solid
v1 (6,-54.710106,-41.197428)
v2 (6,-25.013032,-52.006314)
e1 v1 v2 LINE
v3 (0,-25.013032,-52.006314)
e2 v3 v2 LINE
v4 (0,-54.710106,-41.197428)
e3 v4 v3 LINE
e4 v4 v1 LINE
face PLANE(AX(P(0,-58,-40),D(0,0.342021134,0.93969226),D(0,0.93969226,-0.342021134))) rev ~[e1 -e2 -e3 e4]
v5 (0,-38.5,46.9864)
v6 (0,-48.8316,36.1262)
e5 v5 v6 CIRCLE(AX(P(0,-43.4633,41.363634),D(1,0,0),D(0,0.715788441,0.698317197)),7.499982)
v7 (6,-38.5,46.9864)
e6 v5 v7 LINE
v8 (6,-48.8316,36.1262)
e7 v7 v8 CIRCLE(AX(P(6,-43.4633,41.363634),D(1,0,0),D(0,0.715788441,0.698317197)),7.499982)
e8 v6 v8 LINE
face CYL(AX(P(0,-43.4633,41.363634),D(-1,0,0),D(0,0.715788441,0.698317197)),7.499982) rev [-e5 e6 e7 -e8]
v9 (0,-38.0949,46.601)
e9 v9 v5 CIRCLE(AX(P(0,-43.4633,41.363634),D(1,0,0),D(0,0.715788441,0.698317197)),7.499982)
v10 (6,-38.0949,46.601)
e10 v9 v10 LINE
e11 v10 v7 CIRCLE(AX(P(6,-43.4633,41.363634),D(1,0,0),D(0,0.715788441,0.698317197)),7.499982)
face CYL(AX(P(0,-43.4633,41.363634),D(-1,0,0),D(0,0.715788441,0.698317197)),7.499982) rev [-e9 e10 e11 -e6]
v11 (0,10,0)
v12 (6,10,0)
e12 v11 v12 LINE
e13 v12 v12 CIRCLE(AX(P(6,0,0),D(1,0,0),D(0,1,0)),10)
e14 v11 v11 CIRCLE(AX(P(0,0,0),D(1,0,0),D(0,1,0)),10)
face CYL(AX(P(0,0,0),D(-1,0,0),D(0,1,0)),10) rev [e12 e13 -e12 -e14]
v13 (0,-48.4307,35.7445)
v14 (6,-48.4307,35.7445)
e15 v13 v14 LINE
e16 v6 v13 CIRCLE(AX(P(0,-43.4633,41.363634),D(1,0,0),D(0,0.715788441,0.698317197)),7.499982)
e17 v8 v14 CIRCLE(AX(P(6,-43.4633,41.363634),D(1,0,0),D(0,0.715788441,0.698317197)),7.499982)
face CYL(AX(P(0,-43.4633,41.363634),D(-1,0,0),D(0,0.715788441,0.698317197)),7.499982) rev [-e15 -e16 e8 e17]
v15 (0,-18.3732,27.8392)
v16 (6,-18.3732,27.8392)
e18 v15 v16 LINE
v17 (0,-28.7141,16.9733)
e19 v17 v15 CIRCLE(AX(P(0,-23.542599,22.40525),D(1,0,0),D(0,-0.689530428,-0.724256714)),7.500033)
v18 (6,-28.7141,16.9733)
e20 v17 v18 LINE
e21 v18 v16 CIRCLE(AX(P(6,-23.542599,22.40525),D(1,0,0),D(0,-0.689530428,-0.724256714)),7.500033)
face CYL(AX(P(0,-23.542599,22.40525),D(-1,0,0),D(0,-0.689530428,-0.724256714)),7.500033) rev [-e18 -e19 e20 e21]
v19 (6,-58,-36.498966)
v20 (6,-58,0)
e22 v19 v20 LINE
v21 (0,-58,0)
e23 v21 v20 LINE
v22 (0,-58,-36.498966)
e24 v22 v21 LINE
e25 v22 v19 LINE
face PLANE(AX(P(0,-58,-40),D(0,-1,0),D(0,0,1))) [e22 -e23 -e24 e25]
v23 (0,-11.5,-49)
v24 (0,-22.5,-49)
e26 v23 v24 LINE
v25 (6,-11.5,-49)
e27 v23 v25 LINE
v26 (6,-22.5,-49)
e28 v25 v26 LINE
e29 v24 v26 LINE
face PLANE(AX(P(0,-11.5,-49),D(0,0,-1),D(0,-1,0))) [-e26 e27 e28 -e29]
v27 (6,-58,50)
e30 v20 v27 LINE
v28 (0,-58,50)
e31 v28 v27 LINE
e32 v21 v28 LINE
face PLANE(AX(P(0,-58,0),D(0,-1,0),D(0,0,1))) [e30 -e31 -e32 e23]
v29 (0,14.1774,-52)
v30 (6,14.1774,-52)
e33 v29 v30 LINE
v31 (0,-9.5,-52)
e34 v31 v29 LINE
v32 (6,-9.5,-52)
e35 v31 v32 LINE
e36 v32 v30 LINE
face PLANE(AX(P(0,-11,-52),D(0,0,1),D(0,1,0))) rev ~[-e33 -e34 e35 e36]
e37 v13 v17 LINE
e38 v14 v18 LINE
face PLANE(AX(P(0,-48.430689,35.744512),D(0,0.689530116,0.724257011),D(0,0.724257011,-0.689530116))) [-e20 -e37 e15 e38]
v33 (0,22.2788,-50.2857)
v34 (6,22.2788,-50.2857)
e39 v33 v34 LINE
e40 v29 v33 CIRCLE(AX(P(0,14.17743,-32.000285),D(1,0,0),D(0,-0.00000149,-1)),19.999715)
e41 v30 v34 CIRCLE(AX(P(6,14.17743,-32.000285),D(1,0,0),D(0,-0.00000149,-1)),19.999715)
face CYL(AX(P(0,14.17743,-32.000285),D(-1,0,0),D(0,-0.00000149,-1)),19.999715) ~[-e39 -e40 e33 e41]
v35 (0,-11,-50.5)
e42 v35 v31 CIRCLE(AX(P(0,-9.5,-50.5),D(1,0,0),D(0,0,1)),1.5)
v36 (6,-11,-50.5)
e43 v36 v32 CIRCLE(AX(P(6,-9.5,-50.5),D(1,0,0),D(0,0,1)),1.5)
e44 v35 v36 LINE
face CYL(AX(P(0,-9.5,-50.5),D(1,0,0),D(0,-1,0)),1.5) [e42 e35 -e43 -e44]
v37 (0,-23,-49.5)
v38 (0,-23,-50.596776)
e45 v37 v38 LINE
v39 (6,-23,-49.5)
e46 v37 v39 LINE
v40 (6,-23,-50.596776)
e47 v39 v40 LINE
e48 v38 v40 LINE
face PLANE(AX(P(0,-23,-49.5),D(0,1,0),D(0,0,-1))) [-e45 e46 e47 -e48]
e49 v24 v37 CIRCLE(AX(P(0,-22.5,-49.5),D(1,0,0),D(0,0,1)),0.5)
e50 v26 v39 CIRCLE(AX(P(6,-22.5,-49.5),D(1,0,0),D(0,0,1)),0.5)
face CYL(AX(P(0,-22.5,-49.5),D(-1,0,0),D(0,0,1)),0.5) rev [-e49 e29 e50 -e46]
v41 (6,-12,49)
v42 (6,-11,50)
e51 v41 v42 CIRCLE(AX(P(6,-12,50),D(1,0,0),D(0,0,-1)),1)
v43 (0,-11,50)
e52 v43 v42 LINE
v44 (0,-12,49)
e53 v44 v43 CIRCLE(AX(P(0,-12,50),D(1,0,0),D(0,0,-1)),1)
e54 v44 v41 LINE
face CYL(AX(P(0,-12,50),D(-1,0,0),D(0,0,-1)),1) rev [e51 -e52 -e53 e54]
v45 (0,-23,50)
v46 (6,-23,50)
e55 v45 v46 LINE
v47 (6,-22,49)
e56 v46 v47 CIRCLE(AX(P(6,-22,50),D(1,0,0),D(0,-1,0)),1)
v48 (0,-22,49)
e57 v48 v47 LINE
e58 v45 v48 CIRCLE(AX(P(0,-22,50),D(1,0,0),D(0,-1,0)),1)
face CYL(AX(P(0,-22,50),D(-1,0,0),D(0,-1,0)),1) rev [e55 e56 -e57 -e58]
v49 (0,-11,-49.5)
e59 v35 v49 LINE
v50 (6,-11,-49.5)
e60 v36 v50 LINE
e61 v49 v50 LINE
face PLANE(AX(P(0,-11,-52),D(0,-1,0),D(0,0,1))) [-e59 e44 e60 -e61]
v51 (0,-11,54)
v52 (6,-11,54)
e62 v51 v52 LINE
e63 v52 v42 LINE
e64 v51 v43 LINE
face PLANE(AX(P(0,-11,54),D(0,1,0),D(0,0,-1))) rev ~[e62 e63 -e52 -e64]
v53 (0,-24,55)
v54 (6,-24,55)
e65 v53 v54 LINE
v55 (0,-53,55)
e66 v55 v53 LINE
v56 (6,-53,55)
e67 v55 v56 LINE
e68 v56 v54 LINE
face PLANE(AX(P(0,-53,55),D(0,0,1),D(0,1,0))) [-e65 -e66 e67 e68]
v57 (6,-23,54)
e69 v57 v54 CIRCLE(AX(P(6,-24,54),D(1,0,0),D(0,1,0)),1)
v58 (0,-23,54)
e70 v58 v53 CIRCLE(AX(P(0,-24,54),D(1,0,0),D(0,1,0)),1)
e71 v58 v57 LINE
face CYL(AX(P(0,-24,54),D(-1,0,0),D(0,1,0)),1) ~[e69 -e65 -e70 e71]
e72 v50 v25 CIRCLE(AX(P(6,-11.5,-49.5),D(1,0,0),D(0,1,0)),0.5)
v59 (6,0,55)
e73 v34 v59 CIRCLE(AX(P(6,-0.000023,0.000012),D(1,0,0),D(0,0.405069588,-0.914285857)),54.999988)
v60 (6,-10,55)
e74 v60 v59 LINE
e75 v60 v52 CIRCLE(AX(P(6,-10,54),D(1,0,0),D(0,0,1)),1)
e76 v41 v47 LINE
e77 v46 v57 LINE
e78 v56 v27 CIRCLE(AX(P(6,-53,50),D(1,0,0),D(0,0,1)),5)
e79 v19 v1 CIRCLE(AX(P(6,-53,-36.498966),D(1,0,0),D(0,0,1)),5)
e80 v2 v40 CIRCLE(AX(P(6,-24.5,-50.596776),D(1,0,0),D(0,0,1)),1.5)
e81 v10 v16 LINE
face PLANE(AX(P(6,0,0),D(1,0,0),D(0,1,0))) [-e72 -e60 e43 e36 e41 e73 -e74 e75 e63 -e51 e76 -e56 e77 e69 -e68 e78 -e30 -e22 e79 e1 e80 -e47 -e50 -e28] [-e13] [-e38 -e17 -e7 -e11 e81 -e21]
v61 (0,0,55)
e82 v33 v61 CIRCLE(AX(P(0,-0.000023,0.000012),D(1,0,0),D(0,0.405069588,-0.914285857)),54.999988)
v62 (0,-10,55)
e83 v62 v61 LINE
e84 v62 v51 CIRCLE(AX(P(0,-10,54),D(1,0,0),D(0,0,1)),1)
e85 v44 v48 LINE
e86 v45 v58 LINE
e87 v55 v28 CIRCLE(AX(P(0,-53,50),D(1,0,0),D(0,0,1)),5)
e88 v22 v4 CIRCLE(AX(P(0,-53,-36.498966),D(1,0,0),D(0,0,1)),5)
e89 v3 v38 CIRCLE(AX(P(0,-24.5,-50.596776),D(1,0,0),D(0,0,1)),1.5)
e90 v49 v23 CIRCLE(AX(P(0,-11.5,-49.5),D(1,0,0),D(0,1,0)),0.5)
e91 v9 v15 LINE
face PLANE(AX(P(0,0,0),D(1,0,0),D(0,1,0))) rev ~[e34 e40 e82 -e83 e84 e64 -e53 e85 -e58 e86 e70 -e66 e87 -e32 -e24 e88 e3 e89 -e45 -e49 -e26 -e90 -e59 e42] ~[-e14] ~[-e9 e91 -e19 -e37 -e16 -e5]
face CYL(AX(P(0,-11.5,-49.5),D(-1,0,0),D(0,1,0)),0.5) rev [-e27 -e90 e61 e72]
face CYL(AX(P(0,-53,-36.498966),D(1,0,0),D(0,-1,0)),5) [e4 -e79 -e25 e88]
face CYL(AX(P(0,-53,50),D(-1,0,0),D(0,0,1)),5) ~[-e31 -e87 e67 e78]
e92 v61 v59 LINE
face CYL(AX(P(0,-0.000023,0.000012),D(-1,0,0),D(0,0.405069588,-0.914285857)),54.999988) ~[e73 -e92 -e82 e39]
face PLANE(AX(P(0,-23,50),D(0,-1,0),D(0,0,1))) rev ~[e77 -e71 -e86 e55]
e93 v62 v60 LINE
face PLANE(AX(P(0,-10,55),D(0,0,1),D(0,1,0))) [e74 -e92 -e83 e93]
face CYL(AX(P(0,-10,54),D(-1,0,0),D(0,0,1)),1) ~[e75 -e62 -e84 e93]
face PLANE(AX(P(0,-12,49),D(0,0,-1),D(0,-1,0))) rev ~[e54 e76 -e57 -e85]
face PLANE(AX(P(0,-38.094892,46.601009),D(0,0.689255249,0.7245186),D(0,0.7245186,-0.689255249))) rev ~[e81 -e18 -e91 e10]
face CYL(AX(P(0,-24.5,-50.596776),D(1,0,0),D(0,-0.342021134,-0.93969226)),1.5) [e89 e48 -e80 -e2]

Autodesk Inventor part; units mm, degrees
ref_plane "YZ Plane" through (0, 0, 0) normal (1, 0, 0) x (0, 1, 0)
ref_plane "XZ Plane" through (0, 0, 0) normal (0, 1, 0) x (-1, 0, 0)
ref_plane "XY Plane" through (0, 0, 0) normal (0, 0, 1) x (1, 0, 0)
sketch "Sketch1" plane through (0, 0, 0) normal (1, 0, 0) x (0, 1, 0)
  line L0 (-58, -40) -> (-58, 50)
  line L1 (0, 0) -> (-57.3223, 54.5531) construction
  arc A0 (-28.7141, 16.9733) -> (-18.3732, 27.8392) centre (-23.5426, 22.4053) ccw
  circle A1 centre (0, 0) radius 47 construction
  arc A2 (-38.0949, 46.601) -> (-48.4307, 35.7445) centre (-43.4633, 41.3636) ccw
  circle A3 centre (0, 0) radius 10
  line L2 (-11, -52) -> (14.1774, -52)
  line L3 (-58, 0) -> (-58, -40)
  line L4 (0, 0) -> (0, -52) construction
  line L5 (-58, -40) -> (-23, -52.739)
  circle A4 centre (0, 0) radius 50 construction
  arc A5 (22.2788, -50.2857) -> (0, 55) centre (0, 0) ccw
  arc A6 (-53, 55) -> (-58, 50) centre (-53, 50) ccw
  line L6 (-11, 54) -> (-11, 50)
  line L7 (-12, 49) -> (-22, 49)
  line L8 (-23, 50) -> (-23, 54)
  line L9 (-53, 55) -> (-24, 55)
  line L10 (-10, 55) -> (0, 55)
  arc A7 (-23, 54) -> (-24, 55) centre (-24, 54) ccw
  arc A8 (-10, 55) -> (-11, 54) centre (-10, 54) ccw
  arc A9 (-12, 49) -> (-11, 50) centre (-12, 50) ccw
  arc A10 (-23, 50) -> (-22, 49) centre (-22, 50) ccw
  arc A11 (14.1774, -52) -> (22.2788, -50.2857) centre (14.1774, -32) ccw
  line L11 (-23, -49.5) -> (-23, -52.739)
  line L12 (-11, -52) -> (-11, -49.5)
  line L13 (-11.5, -49) -> (-22.5, -49)
  arc A12 (-11, -49.5) -> (-11.5, -49) centre (-11.5, -49.5) ccw
  arc A13 (-22.5, -49) -> (-23, -49.5) centre (-22.5, -49.5) ccw
  line L14 (-38.5, 46.9864) -> (-18.3732, 27.8392)
  line L15 (-48.8316, 36.1262) -> (-28.7141, 16.9733)
  point P0 (-57.7919, 55)
  point P1 (-58, 55)
  point P2 (-25.2108, 39.6663)
  point P3 (17.9165, -52)
  point P4 (-23, 55)
  point P5 (-11, 52)
  dimension "d4" = 94
  dimension "d3" = 32.5
  dimension "d6" = 15
  dimension "d7" = 15
  dimension "d9" = 20
  dimension "d13" = 52
  dimension "d20" = 100
  dimension "d31" = 55
  dimension "d34" = 58
  dimension "d52" = 5
  dimension "d54" = 47
  dimension "d56" = 1
  dimension "d59" = 20
  dimension "d60" = 12
  dimension "d61" = 6
  dimension "d65" = 0.5
  dimension "d69" = 60
  dimension "d72" = 95
  dimension "d74" = 110
  dimension "d75" = 3
  dimension "d76" = 12
  dimension "d77" = 35
extrude "Extrusion4" add sketch "Sketch1" along normal blind 6
fillet "Fillet1" radius 5 1 edges at (3, -58, -40)
fillet "Fillet2" radius 1.5 2 edges at (3, -23, -52.739) (3, -11, -52)
properties part number "MidFlange27130914"
